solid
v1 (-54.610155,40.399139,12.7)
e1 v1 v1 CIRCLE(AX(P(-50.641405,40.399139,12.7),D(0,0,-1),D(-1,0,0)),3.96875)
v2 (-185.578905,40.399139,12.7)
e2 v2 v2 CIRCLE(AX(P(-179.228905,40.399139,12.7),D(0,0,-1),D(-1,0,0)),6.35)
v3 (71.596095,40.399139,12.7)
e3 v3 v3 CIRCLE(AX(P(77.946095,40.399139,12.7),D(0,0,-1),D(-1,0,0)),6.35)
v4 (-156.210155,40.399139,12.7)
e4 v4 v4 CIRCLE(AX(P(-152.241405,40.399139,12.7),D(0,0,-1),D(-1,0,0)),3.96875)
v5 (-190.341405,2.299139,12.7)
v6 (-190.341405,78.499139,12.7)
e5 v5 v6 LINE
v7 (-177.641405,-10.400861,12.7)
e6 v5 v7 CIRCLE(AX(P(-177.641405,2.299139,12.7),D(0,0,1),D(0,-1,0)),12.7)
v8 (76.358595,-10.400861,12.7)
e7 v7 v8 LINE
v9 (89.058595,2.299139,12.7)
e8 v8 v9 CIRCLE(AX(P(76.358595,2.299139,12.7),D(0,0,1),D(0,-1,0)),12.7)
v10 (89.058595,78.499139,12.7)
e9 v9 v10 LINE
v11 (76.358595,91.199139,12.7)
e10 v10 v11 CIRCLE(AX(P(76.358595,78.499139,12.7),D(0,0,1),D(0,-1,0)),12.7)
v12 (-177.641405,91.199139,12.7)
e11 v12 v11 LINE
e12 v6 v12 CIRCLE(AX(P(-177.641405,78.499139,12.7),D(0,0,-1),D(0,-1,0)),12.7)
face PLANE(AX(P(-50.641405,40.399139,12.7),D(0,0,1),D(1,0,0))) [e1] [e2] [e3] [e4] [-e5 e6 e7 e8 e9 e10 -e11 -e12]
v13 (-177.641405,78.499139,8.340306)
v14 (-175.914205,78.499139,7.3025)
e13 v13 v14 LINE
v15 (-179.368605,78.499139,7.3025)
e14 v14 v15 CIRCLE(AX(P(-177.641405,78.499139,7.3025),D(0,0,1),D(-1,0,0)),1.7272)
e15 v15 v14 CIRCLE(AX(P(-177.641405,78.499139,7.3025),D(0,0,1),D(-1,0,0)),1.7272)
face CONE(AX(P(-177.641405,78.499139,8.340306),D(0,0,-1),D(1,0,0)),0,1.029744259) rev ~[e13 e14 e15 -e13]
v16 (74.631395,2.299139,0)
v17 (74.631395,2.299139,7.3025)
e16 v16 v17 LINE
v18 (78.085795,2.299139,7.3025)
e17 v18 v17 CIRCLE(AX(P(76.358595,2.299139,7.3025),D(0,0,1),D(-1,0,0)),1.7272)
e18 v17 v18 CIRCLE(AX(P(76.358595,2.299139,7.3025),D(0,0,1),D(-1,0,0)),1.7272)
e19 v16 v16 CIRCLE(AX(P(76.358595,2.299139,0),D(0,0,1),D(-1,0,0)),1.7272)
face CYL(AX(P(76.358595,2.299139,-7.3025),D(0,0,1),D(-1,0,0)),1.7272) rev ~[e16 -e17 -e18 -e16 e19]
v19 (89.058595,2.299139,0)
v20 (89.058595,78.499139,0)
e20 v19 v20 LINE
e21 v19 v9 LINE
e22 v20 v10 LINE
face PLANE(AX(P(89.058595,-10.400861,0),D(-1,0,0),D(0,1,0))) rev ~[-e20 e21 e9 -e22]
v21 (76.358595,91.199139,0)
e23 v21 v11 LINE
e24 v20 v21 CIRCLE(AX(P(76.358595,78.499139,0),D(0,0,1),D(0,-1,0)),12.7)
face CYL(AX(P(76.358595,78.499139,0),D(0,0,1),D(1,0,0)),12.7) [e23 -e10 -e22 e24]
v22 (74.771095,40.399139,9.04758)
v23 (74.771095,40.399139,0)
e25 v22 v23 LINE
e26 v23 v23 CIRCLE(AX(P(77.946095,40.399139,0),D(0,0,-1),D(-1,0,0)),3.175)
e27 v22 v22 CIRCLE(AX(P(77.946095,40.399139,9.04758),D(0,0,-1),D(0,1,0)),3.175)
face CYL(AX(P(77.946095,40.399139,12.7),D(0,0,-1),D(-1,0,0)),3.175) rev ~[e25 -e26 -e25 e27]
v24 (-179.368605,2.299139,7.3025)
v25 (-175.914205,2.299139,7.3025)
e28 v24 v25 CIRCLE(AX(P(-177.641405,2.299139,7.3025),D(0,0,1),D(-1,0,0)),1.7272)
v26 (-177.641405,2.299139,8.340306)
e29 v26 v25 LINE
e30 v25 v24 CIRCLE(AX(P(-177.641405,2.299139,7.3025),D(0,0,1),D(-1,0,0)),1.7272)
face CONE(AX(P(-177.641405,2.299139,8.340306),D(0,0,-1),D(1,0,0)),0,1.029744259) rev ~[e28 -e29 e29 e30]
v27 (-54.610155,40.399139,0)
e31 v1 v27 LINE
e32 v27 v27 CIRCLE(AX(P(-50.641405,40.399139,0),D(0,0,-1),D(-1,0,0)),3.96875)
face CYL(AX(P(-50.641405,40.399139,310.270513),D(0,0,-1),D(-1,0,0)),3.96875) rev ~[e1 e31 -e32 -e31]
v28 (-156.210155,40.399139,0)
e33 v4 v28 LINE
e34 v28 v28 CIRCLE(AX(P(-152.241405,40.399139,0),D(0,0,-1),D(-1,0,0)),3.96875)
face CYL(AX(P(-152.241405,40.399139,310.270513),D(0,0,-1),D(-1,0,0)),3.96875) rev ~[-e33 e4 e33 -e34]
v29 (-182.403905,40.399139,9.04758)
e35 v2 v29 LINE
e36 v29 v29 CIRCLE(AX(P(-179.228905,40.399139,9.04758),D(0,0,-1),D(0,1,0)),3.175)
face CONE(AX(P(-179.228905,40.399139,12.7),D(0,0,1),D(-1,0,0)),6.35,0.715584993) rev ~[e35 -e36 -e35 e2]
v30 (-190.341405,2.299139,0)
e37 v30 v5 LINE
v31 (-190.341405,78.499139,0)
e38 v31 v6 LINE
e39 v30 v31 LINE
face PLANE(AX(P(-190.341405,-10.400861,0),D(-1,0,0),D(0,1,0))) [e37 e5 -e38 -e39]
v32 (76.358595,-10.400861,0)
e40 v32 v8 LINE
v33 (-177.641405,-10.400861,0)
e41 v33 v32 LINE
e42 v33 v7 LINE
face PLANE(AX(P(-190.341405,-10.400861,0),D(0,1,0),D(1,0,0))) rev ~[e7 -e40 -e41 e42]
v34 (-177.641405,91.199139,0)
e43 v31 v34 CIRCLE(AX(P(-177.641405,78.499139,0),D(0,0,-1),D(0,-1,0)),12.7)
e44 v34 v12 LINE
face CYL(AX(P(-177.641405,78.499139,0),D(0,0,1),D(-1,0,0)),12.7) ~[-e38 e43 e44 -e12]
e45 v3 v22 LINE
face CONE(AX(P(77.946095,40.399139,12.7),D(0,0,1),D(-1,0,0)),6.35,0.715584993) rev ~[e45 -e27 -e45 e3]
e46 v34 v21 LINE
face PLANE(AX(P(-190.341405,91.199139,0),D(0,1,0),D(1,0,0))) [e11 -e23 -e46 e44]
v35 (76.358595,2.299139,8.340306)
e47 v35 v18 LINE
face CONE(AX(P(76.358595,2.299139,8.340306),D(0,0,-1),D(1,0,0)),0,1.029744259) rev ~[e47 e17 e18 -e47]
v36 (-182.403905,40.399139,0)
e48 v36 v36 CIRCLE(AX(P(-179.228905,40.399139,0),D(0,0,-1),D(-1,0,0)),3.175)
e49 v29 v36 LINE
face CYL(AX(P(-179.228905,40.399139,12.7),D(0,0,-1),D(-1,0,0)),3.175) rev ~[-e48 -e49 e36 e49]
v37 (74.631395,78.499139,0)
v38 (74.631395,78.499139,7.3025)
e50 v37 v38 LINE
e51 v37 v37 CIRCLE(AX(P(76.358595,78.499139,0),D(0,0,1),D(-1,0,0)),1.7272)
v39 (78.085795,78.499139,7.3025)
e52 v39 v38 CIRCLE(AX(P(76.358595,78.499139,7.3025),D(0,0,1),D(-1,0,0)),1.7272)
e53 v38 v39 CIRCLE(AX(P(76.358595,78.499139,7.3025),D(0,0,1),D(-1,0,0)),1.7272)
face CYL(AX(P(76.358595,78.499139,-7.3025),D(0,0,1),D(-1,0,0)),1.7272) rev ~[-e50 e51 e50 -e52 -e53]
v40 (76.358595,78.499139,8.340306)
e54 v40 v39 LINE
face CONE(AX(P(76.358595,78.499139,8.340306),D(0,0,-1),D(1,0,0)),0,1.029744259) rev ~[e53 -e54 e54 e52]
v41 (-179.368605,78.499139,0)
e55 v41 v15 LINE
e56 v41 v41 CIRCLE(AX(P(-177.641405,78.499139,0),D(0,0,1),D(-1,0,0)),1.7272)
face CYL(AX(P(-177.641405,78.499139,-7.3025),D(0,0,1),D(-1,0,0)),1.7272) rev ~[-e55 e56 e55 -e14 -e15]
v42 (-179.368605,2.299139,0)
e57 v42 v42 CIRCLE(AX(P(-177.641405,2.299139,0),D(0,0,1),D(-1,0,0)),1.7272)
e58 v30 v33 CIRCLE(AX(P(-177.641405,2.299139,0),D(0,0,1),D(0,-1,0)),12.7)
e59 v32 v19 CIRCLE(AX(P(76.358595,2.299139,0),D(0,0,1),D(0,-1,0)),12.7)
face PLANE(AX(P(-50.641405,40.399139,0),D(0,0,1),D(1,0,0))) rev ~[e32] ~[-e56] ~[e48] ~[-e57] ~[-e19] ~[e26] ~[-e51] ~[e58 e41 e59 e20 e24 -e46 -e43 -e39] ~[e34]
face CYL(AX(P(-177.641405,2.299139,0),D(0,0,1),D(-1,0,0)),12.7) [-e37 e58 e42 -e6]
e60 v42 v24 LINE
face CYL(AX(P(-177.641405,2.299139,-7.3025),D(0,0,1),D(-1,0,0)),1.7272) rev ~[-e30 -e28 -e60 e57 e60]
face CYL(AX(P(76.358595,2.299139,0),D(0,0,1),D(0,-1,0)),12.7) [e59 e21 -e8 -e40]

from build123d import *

# Parameters (mm, degrees)
F0_W           = 279.4
F0_H           = 101.6
F1_DEPTH       = 12.7
F3_R           = 12.7
F5_D           = 3.4544
F5_DEPTH       = 7.3025
F5_TIP         = 1.0378064612
F6_D           = 7.9375
F7_D           = 6.35
F7_DEPTH       = 25.4
F7_CSINK_D     = 12.7
F7_CSINK_ANGLE = 82
F7_TIP         = 1.9077324654


with BuildPart() as f1:
    # F0 (on Top) → F1 (new body)
    with BuildSketch(Plane.XY):
        with Locations((-50.6414052727, 40.3991388157)):
            Rectangle(F0_W, F0_H)
    extrude(amount=F1_DEPTH)

    # F3
    f3_edges = [f1.edges().sort_by_distance(p)[0] for p in [
        (89.058595, 91.199139, 6.35),
        (89.058595, -10.400861, 6.35),
        (-190.341405, 91.199139, 6.35),
        (-190.341405, -10.400861, 6.35),
    ]]
    fillet(f3_edges, radius=F3_R)

    # F5
    with Locations(Plane(origin=(0, 0, 0), x_dir=(1, 0, 0), z_dir=(0, 0, -1))):
        with Locations((-177.6414052727, -2.2991388157), (-177.6414052727, -78.4991388157), (76.3585947273, -2.2991388157), (76.3585947273, -78.4991388157)):
            Hole(F5_D / 2, depth=F5_DEPTH)
            with Locations((0, 0, -(F5_DEPTH + F5_TIP / 2))):  # 118° drill point
                Cone(0, F5_D / 2, F5_TIP, mode=Mode.SUBTRACT)

    # F6 (through all)
    with Locations(Plane.XY.offset(12.7)):
        with Locations((-152.2414052727, 40.3991388157), (-50.6414052727, 40.3991388157)):
            Hole(F6_D / 2)

    # F7
    with Locations(Plane.XY.offset(12.7)):
        with Locations((-179.2289052727, 40.3991388157), (77.9460947273, 40.3991388157)):
            CounterSinkHole(F7_D / 2, F7_CSINK_D / 2, depth=F7_DEPTH, counter_sink_angle=F7_CSINK_ANGLE)
            with Locations((0, 0, -(F7_DEPTH + F7_TIP / 2))):  # 118° drill point
                Cone(0, F7_D / 2, F7_TIP, mode=Mode.SUBTRACT)


solid = f1.part
